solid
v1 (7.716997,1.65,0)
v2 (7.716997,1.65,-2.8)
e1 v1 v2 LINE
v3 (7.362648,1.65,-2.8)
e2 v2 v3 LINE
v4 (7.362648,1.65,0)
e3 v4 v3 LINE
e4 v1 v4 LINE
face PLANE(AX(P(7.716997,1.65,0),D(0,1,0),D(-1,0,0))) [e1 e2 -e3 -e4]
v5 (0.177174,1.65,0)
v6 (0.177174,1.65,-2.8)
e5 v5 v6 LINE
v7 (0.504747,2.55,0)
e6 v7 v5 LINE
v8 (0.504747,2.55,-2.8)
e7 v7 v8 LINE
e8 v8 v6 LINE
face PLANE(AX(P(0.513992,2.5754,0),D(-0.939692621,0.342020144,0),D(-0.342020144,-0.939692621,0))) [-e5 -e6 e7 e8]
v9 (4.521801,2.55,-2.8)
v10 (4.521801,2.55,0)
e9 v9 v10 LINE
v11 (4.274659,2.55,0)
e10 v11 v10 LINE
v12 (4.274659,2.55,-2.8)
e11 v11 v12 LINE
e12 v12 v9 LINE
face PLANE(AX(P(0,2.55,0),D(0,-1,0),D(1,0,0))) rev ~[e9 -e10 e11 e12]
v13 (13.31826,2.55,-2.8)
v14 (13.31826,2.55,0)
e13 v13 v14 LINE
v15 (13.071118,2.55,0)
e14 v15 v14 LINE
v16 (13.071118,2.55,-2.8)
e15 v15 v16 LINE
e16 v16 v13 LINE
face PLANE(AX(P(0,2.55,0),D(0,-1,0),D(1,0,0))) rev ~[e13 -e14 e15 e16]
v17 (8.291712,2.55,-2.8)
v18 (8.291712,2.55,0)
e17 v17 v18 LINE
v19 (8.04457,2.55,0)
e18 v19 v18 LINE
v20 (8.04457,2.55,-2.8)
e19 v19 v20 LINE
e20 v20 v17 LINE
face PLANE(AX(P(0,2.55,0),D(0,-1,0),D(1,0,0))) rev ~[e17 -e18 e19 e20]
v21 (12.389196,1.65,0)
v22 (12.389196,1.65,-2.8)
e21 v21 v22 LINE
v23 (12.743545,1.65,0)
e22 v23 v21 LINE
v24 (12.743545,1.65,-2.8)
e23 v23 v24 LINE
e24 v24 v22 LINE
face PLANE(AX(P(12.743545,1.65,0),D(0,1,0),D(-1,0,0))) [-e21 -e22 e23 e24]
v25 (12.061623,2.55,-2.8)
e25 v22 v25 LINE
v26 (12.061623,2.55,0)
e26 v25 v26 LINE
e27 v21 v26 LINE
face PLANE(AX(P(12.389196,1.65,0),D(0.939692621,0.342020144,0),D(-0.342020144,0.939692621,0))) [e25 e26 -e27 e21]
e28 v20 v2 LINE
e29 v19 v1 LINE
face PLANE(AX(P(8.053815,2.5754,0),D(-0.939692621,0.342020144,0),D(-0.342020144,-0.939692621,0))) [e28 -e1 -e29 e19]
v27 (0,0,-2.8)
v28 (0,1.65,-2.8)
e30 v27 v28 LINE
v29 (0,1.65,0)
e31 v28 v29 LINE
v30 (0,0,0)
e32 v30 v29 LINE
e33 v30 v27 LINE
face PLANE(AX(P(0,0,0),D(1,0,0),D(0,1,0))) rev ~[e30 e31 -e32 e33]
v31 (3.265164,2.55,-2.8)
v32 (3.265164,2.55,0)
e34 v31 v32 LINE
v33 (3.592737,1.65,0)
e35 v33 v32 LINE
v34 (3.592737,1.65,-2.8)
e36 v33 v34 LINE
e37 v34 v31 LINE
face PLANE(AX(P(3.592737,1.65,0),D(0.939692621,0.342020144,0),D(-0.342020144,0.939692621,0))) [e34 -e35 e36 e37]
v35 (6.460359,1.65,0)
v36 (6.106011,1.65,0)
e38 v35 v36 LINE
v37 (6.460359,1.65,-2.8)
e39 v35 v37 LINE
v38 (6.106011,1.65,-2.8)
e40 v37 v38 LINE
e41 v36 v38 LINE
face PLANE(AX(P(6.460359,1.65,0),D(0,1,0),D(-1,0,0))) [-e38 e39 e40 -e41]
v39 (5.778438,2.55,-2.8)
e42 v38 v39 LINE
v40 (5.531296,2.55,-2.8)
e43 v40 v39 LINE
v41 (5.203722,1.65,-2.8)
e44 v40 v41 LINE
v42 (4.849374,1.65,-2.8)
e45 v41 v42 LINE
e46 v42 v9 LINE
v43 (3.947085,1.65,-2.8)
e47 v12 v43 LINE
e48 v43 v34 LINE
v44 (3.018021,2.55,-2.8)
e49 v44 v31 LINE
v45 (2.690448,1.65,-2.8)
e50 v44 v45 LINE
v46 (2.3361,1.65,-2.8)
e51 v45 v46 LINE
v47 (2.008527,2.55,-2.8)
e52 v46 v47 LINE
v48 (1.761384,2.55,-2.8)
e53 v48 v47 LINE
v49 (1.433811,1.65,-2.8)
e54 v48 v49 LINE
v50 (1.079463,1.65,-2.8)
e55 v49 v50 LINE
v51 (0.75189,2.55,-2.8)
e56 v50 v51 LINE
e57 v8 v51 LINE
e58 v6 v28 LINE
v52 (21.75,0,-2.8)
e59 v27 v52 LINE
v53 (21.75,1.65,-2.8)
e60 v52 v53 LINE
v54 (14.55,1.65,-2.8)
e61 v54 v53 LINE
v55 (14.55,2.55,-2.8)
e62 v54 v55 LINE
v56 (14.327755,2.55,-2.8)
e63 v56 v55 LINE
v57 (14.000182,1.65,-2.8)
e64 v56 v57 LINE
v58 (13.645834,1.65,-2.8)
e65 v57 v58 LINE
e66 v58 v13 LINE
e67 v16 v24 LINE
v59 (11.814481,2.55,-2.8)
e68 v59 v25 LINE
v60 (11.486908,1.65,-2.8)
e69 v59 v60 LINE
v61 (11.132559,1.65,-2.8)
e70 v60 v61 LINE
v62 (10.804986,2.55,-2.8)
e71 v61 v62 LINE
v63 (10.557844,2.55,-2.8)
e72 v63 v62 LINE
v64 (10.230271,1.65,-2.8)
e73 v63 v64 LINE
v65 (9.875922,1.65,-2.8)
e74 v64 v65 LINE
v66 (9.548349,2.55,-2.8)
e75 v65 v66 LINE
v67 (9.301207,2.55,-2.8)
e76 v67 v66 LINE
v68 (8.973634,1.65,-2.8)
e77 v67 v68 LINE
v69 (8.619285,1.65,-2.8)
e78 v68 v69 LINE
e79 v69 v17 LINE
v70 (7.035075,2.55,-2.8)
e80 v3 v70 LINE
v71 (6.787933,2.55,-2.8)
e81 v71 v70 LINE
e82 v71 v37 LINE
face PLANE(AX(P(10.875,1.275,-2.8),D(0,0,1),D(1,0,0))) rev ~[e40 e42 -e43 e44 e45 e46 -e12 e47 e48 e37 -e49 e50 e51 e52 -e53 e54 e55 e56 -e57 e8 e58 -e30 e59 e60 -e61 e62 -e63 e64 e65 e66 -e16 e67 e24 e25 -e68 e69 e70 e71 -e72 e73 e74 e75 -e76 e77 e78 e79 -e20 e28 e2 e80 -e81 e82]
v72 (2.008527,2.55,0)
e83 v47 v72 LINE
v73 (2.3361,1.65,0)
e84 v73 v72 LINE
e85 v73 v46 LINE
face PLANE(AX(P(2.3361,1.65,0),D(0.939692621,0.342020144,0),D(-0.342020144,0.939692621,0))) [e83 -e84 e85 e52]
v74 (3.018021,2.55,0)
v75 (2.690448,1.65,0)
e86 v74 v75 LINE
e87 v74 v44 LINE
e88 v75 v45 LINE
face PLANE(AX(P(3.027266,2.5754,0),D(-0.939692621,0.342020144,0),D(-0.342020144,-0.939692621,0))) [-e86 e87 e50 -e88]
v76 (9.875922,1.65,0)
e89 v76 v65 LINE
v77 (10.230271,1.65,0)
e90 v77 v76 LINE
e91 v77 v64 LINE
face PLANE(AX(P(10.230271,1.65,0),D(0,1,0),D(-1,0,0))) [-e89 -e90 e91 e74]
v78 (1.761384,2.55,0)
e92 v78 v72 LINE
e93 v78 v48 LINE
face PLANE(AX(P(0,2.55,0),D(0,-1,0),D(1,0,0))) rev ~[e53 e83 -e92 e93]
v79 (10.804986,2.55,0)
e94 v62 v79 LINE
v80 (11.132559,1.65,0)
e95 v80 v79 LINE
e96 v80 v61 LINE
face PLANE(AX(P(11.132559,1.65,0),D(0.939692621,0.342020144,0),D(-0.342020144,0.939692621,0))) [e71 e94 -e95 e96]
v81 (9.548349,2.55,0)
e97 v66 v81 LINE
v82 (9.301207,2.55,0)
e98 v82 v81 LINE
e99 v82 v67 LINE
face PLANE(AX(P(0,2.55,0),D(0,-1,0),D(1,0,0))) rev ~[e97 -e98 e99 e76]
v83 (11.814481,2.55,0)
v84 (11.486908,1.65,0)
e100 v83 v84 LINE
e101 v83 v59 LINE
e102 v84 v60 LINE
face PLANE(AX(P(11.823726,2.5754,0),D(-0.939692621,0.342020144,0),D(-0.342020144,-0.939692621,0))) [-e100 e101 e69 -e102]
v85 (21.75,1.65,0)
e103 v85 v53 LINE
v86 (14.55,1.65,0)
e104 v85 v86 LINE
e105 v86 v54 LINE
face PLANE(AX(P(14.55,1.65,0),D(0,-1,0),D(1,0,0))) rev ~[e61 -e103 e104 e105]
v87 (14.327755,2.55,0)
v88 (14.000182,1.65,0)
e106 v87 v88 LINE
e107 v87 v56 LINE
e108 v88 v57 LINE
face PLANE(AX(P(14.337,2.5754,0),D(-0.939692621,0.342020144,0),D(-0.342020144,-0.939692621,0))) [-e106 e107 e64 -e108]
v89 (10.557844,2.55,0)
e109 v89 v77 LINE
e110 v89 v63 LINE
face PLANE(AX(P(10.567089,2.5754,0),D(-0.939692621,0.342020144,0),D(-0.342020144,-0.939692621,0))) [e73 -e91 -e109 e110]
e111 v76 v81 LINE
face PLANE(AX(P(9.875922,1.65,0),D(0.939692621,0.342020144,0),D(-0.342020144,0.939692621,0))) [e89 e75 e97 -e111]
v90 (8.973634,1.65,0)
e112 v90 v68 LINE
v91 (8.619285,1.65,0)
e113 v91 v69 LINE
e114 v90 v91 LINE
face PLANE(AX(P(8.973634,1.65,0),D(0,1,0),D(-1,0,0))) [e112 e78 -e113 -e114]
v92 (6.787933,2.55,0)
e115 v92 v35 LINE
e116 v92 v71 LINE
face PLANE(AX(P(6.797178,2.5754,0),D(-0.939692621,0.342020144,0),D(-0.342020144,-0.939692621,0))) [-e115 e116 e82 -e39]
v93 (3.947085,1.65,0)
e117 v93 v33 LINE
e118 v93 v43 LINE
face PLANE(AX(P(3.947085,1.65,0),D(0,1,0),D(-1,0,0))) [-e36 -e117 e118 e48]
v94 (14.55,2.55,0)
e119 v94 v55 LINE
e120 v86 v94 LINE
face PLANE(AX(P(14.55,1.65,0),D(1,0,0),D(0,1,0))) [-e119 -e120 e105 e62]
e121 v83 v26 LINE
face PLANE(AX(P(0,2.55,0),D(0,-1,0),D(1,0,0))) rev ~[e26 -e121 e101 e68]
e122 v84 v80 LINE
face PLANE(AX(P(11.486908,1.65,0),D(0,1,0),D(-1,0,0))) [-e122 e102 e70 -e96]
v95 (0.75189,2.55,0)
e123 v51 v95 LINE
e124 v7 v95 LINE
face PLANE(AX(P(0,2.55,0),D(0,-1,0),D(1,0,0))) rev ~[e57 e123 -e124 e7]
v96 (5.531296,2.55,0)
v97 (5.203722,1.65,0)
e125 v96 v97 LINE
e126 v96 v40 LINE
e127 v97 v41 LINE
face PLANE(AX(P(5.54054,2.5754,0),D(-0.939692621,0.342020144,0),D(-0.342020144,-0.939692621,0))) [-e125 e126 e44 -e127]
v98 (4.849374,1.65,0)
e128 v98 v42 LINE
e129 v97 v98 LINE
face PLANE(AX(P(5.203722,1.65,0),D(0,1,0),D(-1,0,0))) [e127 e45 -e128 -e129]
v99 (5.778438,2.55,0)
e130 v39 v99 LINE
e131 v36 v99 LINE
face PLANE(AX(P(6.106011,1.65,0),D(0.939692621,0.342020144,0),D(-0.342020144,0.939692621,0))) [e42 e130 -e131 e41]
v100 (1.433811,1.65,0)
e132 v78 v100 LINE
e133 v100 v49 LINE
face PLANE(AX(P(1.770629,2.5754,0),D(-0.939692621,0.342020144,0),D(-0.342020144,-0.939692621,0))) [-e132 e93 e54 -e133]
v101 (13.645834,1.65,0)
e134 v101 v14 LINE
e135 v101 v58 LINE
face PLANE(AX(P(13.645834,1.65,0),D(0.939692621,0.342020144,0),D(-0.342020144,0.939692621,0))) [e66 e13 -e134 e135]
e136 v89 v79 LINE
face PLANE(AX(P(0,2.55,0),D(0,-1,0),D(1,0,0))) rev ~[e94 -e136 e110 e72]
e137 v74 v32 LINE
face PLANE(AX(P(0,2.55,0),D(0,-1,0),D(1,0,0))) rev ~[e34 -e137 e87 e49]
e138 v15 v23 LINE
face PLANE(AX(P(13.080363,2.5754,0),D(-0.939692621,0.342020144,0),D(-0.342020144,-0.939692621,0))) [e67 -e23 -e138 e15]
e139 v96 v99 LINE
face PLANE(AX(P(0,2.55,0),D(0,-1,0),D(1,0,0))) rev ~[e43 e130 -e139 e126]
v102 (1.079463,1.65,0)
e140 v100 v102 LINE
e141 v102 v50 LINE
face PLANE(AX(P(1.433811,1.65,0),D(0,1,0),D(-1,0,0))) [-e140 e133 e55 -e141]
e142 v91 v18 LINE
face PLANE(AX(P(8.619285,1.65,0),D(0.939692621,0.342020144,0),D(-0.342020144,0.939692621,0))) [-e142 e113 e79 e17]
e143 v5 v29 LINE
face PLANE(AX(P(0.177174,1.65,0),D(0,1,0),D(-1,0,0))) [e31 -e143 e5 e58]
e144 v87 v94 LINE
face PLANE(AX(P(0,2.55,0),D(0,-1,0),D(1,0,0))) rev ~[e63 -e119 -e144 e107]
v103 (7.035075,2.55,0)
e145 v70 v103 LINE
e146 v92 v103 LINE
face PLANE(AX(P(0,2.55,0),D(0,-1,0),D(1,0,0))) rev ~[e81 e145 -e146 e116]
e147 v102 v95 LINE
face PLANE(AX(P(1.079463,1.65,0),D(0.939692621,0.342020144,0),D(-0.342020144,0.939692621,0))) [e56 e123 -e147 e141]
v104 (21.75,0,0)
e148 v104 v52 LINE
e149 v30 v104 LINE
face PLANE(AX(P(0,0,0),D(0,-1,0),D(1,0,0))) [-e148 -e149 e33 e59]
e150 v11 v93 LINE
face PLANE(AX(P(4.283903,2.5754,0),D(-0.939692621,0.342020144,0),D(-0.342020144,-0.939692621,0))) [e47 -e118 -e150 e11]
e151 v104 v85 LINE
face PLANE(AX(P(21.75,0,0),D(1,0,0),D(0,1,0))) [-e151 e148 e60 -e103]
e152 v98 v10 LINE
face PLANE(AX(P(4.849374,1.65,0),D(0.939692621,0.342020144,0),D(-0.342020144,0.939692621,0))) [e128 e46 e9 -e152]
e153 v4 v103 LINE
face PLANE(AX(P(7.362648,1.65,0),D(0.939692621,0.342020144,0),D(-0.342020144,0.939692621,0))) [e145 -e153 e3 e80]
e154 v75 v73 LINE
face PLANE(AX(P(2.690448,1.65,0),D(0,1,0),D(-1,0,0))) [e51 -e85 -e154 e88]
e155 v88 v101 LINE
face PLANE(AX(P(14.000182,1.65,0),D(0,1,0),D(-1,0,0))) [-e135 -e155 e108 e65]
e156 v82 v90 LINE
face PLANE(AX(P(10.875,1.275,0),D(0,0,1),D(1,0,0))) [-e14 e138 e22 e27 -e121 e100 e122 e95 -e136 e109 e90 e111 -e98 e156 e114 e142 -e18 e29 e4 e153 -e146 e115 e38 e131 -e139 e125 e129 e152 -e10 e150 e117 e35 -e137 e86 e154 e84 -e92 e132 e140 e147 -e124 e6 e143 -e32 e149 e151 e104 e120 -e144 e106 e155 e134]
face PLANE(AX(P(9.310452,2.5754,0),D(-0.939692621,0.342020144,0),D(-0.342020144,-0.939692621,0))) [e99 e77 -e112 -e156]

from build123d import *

# Parameters (mm, degrees)
BLANKSKE_W         = 21.75
BLANKSKE_H         = 2.55
BLANK_DEPTH        = 2.8
TOOTHCUTSIM_DEPTH  = 23.077250735
TEETHCUTS_COUNT    = 18
TEETHCUTS_PITCH    = 1.25663706
SKETCH1_W          = 7.2
SKETCH1_H          = 0.9
CUT_EXTRUDE1_DEPTH = 23.077250735


with BuildPart() as part:
    # BlankSke → Blank (new body)
    with BuildSketch(Plane.XY):
        with Locations((10.875, 1.275)):
            Rectangle(BLANKSKE_W, BLANKSKE_H)
    extrude(amount=-BLANK_DEPTH)

    # TooCutSkeSim → ToothCutSim (cut, through all)
    with BuildSketch(Plane.XY):
        Polygon((0.177174148, 1.65), (-0.177174148, 1.65), (-0.513992203, 2.5754), (0.513992203, 2.5754), align=None)
    toothcutsim = extrude(amount=-TOOTHCUTSIM_DEPTH, mode=Mode.SUBTRACT)

    # TeethCuts: ToothCutSim ×18
    with Locations(*[(i * TEETHCUTS_PITCH, 0, 0) for i in range(1, TEETHCUTS_COUNT)]):
        add(toothcutsim, mode=Mode.SUBTRACT)

    # Sketch1 → Cut-Extrude1 (cut, through all)
    with BuildSketch(Plane.XY):
        with Locations((18.15, 2.1)):
            Rectangle(SKETCH1_W, SKETCH1_H)
    extrude(amount=-CUT_EXTRUDE1_DEPTH, mode=Mode.SUBTRACT)


solid = part.part
